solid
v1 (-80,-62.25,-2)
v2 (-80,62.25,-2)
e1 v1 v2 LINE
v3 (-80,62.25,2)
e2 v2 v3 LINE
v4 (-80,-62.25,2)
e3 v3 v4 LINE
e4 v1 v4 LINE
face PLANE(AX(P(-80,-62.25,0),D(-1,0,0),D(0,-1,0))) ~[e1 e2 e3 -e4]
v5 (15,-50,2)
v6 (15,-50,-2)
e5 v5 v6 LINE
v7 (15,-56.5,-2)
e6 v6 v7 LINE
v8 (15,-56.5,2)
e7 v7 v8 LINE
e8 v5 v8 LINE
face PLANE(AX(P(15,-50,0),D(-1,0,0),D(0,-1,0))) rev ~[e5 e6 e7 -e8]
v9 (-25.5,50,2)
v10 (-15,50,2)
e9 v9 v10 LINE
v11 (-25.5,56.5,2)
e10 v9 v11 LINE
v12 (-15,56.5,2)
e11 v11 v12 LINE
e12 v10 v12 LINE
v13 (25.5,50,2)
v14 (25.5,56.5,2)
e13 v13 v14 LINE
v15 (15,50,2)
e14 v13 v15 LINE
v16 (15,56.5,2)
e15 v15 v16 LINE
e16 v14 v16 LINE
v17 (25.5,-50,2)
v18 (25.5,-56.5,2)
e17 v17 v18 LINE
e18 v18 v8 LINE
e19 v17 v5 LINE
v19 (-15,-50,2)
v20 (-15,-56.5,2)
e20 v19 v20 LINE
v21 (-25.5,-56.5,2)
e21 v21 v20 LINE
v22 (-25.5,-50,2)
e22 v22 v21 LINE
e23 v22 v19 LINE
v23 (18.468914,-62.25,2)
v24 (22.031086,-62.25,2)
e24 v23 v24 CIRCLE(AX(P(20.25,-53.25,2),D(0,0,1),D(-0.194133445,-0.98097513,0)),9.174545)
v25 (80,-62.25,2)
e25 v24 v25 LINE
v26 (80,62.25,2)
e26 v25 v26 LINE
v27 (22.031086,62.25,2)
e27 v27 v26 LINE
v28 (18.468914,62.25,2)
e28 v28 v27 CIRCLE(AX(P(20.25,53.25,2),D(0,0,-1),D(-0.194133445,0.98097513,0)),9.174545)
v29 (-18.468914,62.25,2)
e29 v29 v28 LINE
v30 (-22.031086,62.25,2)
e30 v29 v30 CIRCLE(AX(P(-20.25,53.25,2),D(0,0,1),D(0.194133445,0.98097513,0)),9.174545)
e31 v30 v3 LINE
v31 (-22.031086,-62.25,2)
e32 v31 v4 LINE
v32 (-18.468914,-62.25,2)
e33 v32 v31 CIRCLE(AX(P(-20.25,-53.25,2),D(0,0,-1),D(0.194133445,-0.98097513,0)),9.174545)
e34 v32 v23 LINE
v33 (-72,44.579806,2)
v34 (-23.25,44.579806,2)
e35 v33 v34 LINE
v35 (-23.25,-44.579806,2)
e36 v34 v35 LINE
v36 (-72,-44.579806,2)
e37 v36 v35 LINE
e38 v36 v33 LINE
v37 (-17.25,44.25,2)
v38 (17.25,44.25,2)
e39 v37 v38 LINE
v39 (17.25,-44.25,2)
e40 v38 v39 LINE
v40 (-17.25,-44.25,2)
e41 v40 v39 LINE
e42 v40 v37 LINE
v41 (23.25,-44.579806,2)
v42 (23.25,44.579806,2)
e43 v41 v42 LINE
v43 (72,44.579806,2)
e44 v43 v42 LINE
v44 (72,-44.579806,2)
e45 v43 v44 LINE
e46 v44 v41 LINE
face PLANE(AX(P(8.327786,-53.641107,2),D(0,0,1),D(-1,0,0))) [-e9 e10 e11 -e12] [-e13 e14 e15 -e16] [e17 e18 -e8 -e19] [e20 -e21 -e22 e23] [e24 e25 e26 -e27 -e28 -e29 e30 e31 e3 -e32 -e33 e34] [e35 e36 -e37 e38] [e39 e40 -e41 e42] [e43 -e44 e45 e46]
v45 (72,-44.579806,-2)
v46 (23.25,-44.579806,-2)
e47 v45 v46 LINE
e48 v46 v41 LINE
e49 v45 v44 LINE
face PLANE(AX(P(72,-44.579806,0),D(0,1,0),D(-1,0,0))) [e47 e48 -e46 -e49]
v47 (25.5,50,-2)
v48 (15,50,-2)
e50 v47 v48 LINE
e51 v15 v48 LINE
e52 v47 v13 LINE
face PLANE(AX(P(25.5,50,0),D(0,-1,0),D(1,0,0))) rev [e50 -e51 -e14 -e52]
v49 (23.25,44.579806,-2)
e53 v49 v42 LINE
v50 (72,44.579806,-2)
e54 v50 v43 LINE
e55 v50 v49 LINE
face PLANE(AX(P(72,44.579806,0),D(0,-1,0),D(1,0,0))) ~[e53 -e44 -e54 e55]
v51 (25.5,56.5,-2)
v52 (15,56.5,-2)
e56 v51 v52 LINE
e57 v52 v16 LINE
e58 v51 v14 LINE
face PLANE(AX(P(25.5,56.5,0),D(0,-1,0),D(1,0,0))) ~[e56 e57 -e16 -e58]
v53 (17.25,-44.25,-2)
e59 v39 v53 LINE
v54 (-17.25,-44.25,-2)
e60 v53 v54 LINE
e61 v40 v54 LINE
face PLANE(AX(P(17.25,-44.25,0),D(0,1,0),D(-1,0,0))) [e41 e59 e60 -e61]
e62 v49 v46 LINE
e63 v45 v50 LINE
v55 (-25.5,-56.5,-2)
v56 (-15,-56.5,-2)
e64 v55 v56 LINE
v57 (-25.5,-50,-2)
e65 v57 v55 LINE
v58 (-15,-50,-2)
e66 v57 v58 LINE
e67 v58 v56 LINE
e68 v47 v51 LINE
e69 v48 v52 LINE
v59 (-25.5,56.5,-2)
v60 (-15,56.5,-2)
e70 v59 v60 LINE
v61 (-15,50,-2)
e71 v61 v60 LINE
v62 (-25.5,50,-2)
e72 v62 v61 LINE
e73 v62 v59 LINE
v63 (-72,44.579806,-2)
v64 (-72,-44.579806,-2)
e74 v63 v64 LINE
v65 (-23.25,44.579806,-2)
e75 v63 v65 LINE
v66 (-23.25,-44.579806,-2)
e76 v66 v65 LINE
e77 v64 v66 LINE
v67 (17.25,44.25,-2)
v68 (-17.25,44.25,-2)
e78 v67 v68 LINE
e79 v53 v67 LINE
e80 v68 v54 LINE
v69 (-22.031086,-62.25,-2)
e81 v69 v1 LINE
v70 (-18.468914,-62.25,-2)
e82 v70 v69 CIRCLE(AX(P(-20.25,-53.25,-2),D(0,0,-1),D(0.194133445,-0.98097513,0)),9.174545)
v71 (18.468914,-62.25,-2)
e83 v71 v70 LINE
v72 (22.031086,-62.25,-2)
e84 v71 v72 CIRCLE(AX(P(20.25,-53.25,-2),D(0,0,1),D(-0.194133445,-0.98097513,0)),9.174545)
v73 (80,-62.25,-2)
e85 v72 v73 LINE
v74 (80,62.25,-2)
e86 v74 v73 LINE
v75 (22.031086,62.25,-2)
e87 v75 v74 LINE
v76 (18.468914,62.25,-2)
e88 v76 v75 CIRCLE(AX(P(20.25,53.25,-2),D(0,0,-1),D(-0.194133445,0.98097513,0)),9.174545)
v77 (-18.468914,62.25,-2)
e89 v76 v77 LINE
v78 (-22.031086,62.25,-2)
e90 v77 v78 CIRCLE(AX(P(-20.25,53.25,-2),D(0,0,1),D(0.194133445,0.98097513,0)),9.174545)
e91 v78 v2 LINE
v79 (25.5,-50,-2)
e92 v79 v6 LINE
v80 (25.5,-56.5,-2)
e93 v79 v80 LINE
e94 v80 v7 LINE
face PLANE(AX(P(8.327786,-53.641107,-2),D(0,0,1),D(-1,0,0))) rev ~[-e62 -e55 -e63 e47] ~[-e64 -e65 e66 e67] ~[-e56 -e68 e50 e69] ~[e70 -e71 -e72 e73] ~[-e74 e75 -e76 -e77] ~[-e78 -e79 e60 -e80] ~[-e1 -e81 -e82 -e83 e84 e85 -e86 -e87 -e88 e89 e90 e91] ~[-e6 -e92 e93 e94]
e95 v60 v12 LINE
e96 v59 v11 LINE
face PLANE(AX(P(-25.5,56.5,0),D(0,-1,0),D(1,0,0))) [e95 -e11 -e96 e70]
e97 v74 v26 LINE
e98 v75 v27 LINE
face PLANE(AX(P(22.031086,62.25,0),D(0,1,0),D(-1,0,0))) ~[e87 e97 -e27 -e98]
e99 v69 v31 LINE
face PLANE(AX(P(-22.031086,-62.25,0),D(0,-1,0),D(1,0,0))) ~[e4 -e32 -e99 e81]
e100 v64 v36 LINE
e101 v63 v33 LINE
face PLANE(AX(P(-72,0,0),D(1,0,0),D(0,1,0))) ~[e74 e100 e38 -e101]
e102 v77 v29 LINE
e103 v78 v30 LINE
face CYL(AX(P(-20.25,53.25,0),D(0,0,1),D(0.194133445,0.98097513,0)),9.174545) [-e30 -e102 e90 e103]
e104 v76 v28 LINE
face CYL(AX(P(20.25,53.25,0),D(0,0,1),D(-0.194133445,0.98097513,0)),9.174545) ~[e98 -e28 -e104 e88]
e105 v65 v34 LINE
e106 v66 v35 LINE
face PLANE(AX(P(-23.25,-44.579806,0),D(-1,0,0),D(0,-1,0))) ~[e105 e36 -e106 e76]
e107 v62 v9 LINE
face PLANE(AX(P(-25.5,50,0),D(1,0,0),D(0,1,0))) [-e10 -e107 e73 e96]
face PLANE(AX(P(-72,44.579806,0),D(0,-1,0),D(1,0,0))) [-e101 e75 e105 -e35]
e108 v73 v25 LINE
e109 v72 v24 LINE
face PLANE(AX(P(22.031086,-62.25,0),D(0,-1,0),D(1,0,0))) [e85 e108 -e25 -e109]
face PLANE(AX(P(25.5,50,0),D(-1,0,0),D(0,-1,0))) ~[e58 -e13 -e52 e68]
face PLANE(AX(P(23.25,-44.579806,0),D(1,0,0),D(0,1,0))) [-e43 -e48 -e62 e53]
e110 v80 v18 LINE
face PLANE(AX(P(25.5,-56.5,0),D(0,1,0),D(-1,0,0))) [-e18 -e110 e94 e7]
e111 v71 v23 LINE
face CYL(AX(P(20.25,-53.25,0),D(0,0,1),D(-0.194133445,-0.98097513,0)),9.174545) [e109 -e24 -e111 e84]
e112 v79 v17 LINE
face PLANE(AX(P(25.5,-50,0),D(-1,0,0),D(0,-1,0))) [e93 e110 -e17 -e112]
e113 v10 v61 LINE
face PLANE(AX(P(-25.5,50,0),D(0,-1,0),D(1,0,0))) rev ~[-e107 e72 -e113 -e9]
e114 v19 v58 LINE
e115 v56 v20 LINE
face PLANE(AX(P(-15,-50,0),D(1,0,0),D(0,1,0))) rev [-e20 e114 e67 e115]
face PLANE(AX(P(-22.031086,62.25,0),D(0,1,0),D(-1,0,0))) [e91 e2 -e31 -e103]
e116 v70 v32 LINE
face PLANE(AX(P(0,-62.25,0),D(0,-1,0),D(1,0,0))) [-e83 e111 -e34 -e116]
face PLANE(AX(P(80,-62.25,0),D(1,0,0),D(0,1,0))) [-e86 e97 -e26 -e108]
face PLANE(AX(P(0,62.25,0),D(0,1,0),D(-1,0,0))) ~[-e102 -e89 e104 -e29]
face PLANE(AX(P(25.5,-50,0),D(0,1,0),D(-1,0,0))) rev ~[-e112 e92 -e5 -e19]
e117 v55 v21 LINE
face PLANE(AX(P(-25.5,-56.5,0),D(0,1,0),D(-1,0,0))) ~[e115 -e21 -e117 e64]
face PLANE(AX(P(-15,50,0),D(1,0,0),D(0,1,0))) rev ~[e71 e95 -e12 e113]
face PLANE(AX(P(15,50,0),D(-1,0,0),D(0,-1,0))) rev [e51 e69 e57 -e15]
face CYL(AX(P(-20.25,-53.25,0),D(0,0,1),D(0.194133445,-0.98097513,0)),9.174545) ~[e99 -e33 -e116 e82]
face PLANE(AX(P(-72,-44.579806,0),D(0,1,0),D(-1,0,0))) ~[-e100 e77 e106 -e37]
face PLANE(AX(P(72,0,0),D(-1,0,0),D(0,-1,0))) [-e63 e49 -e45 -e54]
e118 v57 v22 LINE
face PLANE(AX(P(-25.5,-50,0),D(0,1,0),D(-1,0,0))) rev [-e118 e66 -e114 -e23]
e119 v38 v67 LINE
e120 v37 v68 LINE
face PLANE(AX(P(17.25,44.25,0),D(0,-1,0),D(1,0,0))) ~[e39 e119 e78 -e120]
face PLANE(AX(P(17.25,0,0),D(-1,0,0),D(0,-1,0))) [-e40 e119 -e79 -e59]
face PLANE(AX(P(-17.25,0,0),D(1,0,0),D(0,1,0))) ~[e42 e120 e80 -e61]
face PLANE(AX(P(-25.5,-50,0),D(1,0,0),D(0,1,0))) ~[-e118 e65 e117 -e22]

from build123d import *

# Parameters (mm, degrees)
F0_W     = 10.5
F0_H     = 6.5
F0_W_2   = 17.25
F0_H_2   = 0.3298058208
F0_W_3   = 8
F0_H_3   = 17.6701941792
F0_H_4   = 44.5798058208
F1_DEPTH = 2


with BuildPart() as f1:
    # F0 (on Top) → F1 (new body, symmetric)
    with BuildSketch(Plane.XY):
        with BuildLine():
            Line((0, 62.25), (-18.4689140656, 62.25))
            ThreePointArc((-18.4689140656, 62.25), (-13.1608209467, 59.0737279689), (-11.0754554824, 53.25))
            ThreePointArc((-11.0754554824, 53.25), (-12.7768513778, 47.9279405512), (-17.25, 44.5798058208))
            Line((-17.25, 44.5798058208), (0, 44.5798058208))
            Line((0, 44.5798058208), (0, 62.25))
        make_face()
        with BuildLine():
            Line((-22.0310859344, 62.25), (-18.4689140656, 62.25))
            ThreePointArc((-18.4689140656, 62.25), (-20.25, 62.4245445176), (-22.0310859344, 62.25))
        make_face()
        with BuildLine():
            ThreePointArc((-11.0754554824, 53.25), (-13.1608209467, 59.0737279689), (-18.4689140656, 62.25))
            Line((-18.4689140656, 62.25), (-22.0310859344, 62.25))
            ThreePointArc((-22.0310859344, 62.25), (-29.4027939047, 53.8813721919), (-23.25, 44.5798058208))
            Line((-23.25, 44.5798058208), (-17.25, 44.5798058208))
            ThreePointArc((-17.25, 44.5798058208), (-12.7768513778, 47.9279405512), (-11.0754554824, 53.25))
        make_face()
        with Locations((-20.25, 53.25)):
            Rectangle(F0_W, F0_H, mode=Mode.SUBTRACT)
        with BuildLine():
            ThreePointArc((-23.25, 44.5798058208), (-29.4027939047, 53.8813721919), (-22.0310859344, 62.25))
            Line((-22.0310859344, 62.25), (-72, 62.25))
            Line((-72, 62.25), (-72, 44.5798058208))
            Line((-72, 44.5798058208), (-23.25, 44.5798058208))
        make_face()
        with Locations((-8.625, 44.4149029104)):
            Rectangle(F0_W_2, F0_H_2)
        with BuildLine():
            Line((-17.25, 44.25), (-17.25, 44.5798058208))
            ThreePointArc((-17.25, 44.5798058208), (-17.8537761691, 44.3939072691), (-18.4689140656, 44.25))
            Line((-18.4689140656, 44.25), (-17.25, 44.25))
        make_face()
        with BuildLine():
            ThreePointArc((-18.4689140656, 44.25), (-17.8537761691, 44.3939072691), (-17.25, 44.5798058208))
            Line((-17.25, 44.5798058208), (-23.25, 44.5798058208))
            ThreePointArc((-23.25, 44.5798058208), (-20.8813721919, 44.0972060953), (-18.4689140656, 44.25))
        make_face()
        with BuildLine():
            ThreePointArc((-18.4689140656, 44.25), (-20.8813721919, 44.0972060953), (-23.25, 44.5798058208))
            Line((-23.25, 44.5798058208), (-23.25, 0))
            Line((-23.25, 0), (-17.25, 0))
            Line((-17.25, 0), (-17.25, 44.25))
            Line((-17.25, 44.25), (-18.4689140656, 44.25))
        make_face()
        with Locations((-76, 53.4149029104)):
            Rectangle(F0_W_3, F0_H_3)
        with Locations((-76, 22.2899029104)):
            Rectangle(F0_W_3, F0_H_4)
    extrude(amount=F1_DEPTH, both=True)

    # F2: F1 across face


with BuildPart() as f1_1:
    add(f1.part)
    add(f1.part.mirror(Plane(origin=(0, 53.25, 0), x_dir=(0, 1, 0), z_dir=(1, 0, 0))))

    # F3: F1 across face


with BuildPart() as f1_2:
    add(f1_1.part)
    add(f1_1.part.mirror(Plane(origin=(-20.25, 0, 0), x_dir=(1, 0, 0), z_dir=(0, -1, 0))))


solid = f1_2.part
